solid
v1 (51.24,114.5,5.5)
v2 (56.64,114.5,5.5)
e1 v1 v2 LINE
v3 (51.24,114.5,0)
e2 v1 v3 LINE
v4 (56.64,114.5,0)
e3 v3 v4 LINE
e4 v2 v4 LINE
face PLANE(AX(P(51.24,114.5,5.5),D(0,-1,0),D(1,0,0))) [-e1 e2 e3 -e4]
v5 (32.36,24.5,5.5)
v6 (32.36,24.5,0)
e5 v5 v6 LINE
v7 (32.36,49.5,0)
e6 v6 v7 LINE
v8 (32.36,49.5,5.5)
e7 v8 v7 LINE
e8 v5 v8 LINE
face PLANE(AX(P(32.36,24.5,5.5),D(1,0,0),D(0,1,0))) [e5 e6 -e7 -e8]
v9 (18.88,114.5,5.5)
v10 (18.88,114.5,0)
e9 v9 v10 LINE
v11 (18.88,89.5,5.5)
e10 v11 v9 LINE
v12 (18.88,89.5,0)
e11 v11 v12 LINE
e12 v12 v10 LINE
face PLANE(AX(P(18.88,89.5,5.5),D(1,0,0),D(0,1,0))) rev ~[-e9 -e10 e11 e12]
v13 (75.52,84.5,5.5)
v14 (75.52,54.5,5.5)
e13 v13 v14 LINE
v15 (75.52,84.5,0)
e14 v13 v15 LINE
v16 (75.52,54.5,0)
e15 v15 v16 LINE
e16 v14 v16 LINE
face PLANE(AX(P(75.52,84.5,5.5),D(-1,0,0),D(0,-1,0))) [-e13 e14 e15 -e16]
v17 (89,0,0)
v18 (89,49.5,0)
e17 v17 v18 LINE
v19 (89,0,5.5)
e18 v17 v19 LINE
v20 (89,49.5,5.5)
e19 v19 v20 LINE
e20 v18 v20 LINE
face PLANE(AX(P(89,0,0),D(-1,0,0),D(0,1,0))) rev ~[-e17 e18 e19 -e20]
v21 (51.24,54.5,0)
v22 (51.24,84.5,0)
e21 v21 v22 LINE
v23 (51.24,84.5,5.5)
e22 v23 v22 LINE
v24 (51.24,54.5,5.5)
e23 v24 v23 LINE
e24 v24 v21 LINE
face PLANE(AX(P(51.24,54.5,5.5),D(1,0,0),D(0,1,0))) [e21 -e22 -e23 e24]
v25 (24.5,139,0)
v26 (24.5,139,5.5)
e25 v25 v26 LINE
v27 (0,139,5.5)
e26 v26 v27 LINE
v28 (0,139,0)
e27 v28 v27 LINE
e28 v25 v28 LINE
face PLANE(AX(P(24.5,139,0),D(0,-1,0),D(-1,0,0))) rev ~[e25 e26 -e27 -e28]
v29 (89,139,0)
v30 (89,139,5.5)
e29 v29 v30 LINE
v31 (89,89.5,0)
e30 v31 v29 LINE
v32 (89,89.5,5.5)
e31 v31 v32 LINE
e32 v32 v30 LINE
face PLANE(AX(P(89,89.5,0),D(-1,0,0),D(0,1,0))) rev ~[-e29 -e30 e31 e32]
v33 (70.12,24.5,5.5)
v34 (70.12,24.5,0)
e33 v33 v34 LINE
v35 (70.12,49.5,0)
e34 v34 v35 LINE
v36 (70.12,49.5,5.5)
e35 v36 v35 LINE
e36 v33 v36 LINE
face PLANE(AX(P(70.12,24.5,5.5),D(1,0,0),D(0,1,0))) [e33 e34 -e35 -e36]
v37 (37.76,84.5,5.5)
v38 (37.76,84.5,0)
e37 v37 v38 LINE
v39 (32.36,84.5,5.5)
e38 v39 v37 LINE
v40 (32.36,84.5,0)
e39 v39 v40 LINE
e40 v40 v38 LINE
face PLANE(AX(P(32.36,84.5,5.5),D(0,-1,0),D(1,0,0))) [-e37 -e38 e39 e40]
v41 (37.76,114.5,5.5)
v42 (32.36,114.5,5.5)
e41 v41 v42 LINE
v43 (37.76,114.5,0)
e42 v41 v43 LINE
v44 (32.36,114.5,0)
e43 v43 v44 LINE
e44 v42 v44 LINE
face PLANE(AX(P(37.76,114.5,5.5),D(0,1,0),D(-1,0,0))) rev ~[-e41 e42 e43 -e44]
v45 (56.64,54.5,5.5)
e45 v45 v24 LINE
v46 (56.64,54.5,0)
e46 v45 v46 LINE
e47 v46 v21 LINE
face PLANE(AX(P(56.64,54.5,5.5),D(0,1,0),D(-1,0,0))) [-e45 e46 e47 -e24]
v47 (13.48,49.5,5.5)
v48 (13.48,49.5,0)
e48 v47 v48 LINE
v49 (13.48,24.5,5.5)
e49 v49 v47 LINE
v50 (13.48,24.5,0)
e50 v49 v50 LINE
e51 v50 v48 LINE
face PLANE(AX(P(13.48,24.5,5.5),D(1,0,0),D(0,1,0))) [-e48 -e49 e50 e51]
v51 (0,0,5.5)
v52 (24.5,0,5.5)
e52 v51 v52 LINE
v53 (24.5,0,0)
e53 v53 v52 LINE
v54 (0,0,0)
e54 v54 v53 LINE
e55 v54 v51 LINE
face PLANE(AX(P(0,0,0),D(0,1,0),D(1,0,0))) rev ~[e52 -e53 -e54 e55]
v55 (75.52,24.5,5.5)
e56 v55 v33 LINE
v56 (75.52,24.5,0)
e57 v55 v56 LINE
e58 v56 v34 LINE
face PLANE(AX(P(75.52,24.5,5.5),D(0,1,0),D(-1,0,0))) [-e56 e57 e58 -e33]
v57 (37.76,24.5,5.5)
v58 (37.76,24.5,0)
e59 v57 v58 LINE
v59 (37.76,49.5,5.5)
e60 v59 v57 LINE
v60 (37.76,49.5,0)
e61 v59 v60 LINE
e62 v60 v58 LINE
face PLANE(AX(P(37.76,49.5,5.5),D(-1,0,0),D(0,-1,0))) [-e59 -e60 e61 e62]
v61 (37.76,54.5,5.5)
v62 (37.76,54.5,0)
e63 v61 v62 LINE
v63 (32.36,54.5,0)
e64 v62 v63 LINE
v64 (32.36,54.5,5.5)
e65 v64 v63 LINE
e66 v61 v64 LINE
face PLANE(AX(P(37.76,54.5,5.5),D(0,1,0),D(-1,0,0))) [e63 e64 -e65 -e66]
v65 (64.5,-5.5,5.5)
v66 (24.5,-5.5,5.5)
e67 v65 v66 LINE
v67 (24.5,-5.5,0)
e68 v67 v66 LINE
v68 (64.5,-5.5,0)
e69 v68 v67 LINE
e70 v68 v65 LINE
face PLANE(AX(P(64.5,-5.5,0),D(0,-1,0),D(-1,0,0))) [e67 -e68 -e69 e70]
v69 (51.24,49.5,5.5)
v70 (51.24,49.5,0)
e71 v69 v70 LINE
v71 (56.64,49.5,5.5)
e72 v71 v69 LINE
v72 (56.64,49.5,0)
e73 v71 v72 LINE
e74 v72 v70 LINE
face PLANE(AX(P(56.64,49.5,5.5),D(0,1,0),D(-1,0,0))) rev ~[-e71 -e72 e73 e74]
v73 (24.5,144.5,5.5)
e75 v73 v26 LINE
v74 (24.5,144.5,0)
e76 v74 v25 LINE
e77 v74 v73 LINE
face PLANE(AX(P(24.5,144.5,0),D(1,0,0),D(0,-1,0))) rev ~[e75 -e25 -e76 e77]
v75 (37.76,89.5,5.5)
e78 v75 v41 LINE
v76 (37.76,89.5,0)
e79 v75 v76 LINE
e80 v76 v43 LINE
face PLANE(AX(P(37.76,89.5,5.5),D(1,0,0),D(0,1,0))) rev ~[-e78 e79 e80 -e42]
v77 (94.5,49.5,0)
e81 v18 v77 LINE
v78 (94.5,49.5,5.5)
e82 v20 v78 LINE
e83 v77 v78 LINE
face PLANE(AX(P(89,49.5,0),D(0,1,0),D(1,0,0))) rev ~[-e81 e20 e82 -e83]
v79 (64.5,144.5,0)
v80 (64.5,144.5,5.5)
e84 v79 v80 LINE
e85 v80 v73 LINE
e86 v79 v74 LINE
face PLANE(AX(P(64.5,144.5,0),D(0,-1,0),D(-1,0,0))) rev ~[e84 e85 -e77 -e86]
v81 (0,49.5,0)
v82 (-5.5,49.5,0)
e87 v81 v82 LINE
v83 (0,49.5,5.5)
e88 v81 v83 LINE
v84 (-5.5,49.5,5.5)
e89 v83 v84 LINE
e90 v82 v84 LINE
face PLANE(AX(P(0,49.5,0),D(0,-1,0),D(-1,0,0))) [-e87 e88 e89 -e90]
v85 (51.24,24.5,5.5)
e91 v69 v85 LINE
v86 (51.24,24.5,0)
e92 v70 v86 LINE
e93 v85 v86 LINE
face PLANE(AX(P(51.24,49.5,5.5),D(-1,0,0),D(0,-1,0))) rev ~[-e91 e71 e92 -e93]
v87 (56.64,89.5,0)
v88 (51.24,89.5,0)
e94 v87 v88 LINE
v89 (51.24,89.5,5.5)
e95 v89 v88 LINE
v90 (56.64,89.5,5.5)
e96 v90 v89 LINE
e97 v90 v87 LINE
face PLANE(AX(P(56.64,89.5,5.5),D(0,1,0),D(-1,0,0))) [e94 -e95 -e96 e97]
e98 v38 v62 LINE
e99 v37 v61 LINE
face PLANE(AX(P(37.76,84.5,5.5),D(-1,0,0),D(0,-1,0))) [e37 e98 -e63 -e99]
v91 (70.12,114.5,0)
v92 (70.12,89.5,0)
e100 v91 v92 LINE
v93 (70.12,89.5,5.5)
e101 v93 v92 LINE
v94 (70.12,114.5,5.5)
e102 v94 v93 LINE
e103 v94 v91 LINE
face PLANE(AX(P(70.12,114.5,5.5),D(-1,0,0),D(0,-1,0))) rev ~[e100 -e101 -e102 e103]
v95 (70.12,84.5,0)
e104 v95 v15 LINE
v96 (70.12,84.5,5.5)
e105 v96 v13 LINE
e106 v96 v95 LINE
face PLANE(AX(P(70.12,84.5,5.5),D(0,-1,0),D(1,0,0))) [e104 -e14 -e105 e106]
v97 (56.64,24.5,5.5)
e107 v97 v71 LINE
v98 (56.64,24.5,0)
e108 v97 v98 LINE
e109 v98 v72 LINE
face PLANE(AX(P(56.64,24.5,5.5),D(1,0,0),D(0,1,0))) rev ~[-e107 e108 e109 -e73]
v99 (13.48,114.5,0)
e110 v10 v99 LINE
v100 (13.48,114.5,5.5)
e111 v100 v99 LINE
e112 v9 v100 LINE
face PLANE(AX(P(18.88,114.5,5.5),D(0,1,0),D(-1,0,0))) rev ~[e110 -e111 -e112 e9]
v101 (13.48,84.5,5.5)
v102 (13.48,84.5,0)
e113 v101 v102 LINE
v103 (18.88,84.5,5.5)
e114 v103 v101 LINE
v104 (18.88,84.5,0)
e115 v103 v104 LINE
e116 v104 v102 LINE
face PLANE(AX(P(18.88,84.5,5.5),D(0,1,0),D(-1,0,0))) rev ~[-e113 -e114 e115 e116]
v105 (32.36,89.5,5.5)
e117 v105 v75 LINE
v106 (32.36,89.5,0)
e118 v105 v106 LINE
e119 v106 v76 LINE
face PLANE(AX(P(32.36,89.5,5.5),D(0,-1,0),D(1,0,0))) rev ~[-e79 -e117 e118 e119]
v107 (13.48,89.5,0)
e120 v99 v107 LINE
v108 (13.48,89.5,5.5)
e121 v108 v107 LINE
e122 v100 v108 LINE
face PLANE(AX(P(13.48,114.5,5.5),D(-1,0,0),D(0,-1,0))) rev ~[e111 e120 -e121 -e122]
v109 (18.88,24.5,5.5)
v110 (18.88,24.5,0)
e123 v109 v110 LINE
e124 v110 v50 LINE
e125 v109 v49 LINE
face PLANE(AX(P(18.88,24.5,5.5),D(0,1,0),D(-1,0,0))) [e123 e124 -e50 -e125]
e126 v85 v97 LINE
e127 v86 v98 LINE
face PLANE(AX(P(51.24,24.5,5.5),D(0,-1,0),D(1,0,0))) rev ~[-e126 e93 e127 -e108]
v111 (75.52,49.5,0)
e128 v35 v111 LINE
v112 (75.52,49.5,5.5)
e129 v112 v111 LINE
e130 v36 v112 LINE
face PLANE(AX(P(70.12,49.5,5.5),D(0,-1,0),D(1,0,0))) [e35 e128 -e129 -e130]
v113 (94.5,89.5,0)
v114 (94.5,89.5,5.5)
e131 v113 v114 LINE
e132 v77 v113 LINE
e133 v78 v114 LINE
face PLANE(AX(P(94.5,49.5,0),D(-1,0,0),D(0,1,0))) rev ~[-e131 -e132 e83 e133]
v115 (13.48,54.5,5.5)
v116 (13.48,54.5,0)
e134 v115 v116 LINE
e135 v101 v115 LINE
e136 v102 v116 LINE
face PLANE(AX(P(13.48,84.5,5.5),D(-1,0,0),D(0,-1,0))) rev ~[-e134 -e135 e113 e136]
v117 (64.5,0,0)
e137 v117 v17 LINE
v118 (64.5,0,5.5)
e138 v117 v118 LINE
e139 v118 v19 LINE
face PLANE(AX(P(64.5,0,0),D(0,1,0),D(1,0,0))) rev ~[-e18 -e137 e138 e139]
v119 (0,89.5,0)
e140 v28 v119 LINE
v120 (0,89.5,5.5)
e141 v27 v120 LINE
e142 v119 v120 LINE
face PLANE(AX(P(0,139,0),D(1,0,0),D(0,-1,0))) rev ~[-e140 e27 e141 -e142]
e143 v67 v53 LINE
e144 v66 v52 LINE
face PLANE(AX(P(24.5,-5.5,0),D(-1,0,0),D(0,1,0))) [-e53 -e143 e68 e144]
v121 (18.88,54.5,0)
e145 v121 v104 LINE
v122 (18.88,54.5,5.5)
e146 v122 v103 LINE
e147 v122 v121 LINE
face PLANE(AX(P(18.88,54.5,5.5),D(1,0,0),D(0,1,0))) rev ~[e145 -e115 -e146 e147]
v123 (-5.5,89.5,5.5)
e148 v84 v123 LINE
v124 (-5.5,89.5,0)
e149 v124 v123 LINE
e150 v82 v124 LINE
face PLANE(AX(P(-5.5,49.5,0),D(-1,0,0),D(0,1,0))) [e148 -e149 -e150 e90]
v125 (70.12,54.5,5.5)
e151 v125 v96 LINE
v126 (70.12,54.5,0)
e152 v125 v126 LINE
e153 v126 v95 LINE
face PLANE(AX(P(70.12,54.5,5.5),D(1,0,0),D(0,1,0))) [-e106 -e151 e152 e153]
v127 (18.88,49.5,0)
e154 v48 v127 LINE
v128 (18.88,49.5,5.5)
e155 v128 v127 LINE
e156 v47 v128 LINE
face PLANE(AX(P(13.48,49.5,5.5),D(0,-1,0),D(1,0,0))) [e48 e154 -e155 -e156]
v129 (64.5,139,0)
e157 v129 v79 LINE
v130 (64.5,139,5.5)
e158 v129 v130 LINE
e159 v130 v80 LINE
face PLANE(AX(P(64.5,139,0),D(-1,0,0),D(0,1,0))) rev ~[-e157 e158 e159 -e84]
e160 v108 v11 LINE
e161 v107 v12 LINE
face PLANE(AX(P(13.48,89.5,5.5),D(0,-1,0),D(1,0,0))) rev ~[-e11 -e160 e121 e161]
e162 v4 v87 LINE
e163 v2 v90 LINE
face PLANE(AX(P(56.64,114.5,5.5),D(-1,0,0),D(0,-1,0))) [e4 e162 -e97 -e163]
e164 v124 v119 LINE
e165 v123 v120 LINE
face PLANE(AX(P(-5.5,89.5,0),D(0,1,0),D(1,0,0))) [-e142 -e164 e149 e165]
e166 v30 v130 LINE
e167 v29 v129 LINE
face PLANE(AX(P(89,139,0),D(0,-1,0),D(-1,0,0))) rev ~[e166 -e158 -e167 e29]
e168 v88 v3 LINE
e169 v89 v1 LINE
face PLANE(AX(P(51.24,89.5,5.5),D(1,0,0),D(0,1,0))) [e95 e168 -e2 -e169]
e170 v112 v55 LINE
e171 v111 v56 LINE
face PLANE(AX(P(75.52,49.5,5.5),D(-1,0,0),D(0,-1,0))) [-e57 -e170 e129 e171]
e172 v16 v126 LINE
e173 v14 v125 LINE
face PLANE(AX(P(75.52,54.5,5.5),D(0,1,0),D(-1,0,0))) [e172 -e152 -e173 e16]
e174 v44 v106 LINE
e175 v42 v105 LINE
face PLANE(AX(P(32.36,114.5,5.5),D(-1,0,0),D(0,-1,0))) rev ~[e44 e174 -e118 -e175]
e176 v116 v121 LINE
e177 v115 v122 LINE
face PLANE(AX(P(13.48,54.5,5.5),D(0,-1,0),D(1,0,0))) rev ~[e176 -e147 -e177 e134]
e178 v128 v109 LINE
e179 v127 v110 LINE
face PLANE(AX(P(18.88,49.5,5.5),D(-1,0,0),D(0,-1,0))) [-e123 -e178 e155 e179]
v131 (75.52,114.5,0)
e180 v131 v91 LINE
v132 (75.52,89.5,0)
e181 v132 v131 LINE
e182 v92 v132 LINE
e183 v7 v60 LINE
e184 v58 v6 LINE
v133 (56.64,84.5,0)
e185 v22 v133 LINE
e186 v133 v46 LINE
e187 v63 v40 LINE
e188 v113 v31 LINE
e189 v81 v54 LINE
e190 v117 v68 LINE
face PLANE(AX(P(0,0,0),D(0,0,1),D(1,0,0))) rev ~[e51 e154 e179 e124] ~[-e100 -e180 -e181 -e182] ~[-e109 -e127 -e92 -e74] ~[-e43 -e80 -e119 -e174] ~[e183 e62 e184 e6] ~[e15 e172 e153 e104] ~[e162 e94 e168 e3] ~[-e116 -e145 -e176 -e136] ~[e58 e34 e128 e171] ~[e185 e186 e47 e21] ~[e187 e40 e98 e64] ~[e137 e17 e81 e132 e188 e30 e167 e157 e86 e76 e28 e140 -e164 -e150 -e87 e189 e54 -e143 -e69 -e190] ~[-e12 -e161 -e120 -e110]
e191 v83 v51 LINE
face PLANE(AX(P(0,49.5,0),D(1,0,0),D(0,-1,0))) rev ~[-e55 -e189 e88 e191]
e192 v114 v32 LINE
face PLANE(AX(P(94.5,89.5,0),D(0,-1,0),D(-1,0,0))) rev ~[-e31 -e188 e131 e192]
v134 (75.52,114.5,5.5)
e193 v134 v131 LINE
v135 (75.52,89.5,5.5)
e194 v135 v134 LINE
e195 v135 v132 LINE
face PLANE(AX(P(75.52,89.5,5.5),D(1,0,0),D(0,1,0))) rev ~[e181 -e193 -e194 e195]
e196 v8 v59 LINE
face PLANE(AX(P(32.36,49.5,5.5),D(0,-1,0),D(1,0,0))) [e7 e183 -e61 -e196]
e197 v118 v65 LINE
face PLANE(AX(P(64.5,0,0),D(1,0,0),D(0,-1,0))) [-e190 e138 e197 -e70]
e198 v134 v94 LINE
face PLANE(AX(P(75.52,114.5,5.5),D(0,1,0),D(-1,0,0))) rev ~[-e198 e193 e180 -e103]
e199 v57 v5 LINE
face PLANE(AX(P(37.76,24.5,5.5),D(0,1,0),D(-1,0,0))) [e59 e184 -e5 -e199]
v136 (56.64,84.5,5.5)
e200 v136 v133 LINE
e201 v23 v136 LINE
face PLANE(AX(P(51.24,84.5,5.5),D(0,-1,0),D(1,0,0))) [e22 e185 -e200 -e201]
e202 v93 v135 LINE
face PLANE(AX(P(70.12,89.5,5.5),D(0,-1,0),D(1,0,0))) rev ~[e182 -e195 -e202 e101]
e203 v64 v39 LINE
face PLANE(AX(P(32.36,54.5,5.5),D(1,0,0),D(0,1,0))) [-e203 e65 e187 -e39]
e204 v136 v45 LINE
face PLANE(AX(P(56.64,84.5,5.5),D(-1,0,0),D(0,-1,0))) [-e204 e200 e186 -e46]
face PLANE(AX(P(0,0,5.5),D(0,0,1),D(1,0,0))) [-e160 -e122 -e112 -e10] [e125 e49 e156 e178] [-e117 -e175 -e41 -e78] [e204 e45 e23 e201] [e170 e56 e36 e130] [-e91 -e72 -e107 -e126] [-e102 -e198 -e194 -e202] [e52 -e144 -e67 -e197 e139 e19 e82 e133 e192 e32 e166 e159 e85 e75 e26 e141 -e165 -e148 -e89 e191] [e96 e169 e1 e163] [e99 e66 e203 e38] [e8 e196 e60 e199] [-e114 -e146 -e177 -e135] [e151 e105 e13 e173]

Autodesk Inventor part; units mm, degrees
ref_plane "YZ Plane" through (0, 0, 0) normal (1, 0, 0) x (0, 1, 0)
ref_plane "XZ Plane" through (0, 0, 0) normal (0, 1, 0) x (-1, 0, 0)
ref_plane "XY Plane" through (0, 0, 0) normal (0, 0, 1) x (1, 0, 0)
sketch "Sketch1" plane through (0, 0, 0) normal (0, 0, 1) x (1, 0, 0)
  line L0 (0, 0) -> (89, 0)
  line L1 (89, 0) -> (89, 139)
  line L2 (89, 139) -> (0, 139)
  line L3 (0, 139) -> (0, 0)
  line L4 (24.5, 0) -> (64.5, 0)
  line L5 (64.5, 0) -> (64.5, -5.5)
  line L6 (64.5, -5.5) -> (24.5, -5.5)
  line L7 (24.5, -5.5) -> (24.5, 0)
  line L8 (24.5, 139) -> (64.5, 139)
  line L9 (64.5, 139) -> (64.5, 144.5)
  line L10 (64.5, 144.5) -> (24.5, 144.5)
  line L11 (24.5, 144.5) -> (24.5, 139)
  line L12 (0, 49.5) -> (-5.5, 49.5)
  line L13 (-5.5, 49.5) -> (-5.5, 89.5)
  line L14 (-5.5, 89.5) -> (0, 89.5)
  line L15 (0, 89.5) -> (0, 49.5)
  line L16 (89, 49.5) -> (94.5, 49.5)
  line L17 (94.5, 49.5) -> (94.5, 89.5)
  line L18 (94.5, 89.5) -> (89, 89.5)
  line L19 (89, 89.5) -> (89, 49.5)
  dimension "d5" = 89
  dimension "d6" = 139
  dimension "d7" = 40
  dimension "d8" = 5.5
  dimension "d9" = 40
  dimension "d10" = 5.5
  dimension "d11" = 5.5
  dimension "d12" = 40
  dimension "d13" = 5.5
  dimension "d14" = 40
extrude "Extrusion1" add sketch "Sketch1" along normal blind 5.5
sketch "Sketch2" plane through (0, 0, 5.5) normal (0, 0, 1) x (1, 0, 0)
  line L0 (64.5, 144.5) -> (24.5, 144.5) projected
  line L1 (13.48, 54.5) -> (18.88, 54.5)
  line L2 (18.88, 54.5) -> (18.88, 84.5)
  line L3 (18.88, 84.5) -> (13.48, 84.5)
  line L4 (13.48, 84.5) -> (13.48, 54.5)
  line L5 (32.36, 84.5) -> (37.76, 84.5)
  line L6 (37.76, 84.5) -> (37.76, 54.5)
  line L7 (37.76, 54.5) -> (32.36, 54.5)
  line L8 (32.36, 54.5) -> (32.36, 84.5)
  line L9 (51.24, 84.5) -> (56.64, 84.5)
  line L10 (56.64, 84.5) -> (56.64, 54.5)
  line L11 (56.64, 54.5) -> (51.24, 54.5)
  line L12 (51.24, 54.5) -> (51.24, 84.5)
  line L13 (70.12, 84.5) -> (75.52, 84.5)
  line L14 (75.52, 84.5) -> (75.52, 54.5)
  line L15 (75.52, 54.5) -> (70.12, 54.5)
  line L16 (70.12, 54.5) -> (70.12, 84.5)
  line L17 (13.48, 89.5) -> (18.88, 89.5)
  line L18 (18.88, 89.5) -> (18.88, 114.5)
  line L19 (18.88, 114.5) -> (13.48, 114.5)
  line L20 (13.48, 114.5) -> (13.48, 89.5)
  line L21 (37.76, 114.5) -> (32.36, 114.5)
  line L22 (32.36, 114.5) -> (32.36, 89.5)
  line L23 (32.36, 89.5) -> (37.76, 89.5)
  line L24 (37.76, 89.5) -> (37.76, 114.5)
  line L25 (51.24, 114.5) -> (56.64, 114.5)
  line L26 (56.64, 114.5) -> (56.64, 89.5)
  line L27 (56.64, 89.5) -> (51.24, 89.5)
  line L28 (51.24, 89.5) -> (51.24, 114.5)
  line L29 (70.12, 89.5) -> (75.52, 89.5)
  line L30 (75.52, 89.5) -> (75.52, 114.5)
  line L31 (75.52, 114.5) -> (70.12, 114.5)
  line L32 (70.12, 114.5) -> (70.12, 89.5)
  line L33 (-5.5, 89.5) -> (-5.5, 49.5) projected
  line L34 (94.5, 49.5) -> (94.5, 89.5) projected
  line L35 (13.48, 49.5) -> (18.88, 49.5)
  line L36 (18.88, 49.5) -> (18.88, 24.5)
  line L37 (18.88, 24.5) -> (13.48, 24.5)
  line L38 (13.48, 24.5) -> (13.48, 49.5)
  line L39 (37.76, 24.5) -> (32.36, 24.5)
  line L40 (32.36, 24.5) -> (32.36, 49.5)
  line L41 (32.36, 49.5) -> (37.76, 49.5)
  line L42 (37.76, 49.5) -> (37.76, 24.5)
  line L43 (51.24, 24.5) -> (56.64, 24.5)
  line L44 (56.64, 24.5) -> (56.64, 49.5)
  line L45 (56.64, 49.5) -> (51.24, 49.5)
  line L46 (51.24, 49.5) -> (51.24, 24.5)
  line L47 (70.12, 49.5) -> (75.52, 49.5)
  line L48 (75.52, 49.5) -> (75.52, 24.5)
  line L49 (75.52, 24.5) -> (70.12, 24.5)
  line L50 (70.12, 24.5) -> (70.12, 49.5)
  point P0 (0, 0)
  dimension "d24" = 30
  dimension "d25" = 25
extrude "Extrusion2" cut sketch "Sketch2" against normal blind 10
properties part number "tapadelante"
